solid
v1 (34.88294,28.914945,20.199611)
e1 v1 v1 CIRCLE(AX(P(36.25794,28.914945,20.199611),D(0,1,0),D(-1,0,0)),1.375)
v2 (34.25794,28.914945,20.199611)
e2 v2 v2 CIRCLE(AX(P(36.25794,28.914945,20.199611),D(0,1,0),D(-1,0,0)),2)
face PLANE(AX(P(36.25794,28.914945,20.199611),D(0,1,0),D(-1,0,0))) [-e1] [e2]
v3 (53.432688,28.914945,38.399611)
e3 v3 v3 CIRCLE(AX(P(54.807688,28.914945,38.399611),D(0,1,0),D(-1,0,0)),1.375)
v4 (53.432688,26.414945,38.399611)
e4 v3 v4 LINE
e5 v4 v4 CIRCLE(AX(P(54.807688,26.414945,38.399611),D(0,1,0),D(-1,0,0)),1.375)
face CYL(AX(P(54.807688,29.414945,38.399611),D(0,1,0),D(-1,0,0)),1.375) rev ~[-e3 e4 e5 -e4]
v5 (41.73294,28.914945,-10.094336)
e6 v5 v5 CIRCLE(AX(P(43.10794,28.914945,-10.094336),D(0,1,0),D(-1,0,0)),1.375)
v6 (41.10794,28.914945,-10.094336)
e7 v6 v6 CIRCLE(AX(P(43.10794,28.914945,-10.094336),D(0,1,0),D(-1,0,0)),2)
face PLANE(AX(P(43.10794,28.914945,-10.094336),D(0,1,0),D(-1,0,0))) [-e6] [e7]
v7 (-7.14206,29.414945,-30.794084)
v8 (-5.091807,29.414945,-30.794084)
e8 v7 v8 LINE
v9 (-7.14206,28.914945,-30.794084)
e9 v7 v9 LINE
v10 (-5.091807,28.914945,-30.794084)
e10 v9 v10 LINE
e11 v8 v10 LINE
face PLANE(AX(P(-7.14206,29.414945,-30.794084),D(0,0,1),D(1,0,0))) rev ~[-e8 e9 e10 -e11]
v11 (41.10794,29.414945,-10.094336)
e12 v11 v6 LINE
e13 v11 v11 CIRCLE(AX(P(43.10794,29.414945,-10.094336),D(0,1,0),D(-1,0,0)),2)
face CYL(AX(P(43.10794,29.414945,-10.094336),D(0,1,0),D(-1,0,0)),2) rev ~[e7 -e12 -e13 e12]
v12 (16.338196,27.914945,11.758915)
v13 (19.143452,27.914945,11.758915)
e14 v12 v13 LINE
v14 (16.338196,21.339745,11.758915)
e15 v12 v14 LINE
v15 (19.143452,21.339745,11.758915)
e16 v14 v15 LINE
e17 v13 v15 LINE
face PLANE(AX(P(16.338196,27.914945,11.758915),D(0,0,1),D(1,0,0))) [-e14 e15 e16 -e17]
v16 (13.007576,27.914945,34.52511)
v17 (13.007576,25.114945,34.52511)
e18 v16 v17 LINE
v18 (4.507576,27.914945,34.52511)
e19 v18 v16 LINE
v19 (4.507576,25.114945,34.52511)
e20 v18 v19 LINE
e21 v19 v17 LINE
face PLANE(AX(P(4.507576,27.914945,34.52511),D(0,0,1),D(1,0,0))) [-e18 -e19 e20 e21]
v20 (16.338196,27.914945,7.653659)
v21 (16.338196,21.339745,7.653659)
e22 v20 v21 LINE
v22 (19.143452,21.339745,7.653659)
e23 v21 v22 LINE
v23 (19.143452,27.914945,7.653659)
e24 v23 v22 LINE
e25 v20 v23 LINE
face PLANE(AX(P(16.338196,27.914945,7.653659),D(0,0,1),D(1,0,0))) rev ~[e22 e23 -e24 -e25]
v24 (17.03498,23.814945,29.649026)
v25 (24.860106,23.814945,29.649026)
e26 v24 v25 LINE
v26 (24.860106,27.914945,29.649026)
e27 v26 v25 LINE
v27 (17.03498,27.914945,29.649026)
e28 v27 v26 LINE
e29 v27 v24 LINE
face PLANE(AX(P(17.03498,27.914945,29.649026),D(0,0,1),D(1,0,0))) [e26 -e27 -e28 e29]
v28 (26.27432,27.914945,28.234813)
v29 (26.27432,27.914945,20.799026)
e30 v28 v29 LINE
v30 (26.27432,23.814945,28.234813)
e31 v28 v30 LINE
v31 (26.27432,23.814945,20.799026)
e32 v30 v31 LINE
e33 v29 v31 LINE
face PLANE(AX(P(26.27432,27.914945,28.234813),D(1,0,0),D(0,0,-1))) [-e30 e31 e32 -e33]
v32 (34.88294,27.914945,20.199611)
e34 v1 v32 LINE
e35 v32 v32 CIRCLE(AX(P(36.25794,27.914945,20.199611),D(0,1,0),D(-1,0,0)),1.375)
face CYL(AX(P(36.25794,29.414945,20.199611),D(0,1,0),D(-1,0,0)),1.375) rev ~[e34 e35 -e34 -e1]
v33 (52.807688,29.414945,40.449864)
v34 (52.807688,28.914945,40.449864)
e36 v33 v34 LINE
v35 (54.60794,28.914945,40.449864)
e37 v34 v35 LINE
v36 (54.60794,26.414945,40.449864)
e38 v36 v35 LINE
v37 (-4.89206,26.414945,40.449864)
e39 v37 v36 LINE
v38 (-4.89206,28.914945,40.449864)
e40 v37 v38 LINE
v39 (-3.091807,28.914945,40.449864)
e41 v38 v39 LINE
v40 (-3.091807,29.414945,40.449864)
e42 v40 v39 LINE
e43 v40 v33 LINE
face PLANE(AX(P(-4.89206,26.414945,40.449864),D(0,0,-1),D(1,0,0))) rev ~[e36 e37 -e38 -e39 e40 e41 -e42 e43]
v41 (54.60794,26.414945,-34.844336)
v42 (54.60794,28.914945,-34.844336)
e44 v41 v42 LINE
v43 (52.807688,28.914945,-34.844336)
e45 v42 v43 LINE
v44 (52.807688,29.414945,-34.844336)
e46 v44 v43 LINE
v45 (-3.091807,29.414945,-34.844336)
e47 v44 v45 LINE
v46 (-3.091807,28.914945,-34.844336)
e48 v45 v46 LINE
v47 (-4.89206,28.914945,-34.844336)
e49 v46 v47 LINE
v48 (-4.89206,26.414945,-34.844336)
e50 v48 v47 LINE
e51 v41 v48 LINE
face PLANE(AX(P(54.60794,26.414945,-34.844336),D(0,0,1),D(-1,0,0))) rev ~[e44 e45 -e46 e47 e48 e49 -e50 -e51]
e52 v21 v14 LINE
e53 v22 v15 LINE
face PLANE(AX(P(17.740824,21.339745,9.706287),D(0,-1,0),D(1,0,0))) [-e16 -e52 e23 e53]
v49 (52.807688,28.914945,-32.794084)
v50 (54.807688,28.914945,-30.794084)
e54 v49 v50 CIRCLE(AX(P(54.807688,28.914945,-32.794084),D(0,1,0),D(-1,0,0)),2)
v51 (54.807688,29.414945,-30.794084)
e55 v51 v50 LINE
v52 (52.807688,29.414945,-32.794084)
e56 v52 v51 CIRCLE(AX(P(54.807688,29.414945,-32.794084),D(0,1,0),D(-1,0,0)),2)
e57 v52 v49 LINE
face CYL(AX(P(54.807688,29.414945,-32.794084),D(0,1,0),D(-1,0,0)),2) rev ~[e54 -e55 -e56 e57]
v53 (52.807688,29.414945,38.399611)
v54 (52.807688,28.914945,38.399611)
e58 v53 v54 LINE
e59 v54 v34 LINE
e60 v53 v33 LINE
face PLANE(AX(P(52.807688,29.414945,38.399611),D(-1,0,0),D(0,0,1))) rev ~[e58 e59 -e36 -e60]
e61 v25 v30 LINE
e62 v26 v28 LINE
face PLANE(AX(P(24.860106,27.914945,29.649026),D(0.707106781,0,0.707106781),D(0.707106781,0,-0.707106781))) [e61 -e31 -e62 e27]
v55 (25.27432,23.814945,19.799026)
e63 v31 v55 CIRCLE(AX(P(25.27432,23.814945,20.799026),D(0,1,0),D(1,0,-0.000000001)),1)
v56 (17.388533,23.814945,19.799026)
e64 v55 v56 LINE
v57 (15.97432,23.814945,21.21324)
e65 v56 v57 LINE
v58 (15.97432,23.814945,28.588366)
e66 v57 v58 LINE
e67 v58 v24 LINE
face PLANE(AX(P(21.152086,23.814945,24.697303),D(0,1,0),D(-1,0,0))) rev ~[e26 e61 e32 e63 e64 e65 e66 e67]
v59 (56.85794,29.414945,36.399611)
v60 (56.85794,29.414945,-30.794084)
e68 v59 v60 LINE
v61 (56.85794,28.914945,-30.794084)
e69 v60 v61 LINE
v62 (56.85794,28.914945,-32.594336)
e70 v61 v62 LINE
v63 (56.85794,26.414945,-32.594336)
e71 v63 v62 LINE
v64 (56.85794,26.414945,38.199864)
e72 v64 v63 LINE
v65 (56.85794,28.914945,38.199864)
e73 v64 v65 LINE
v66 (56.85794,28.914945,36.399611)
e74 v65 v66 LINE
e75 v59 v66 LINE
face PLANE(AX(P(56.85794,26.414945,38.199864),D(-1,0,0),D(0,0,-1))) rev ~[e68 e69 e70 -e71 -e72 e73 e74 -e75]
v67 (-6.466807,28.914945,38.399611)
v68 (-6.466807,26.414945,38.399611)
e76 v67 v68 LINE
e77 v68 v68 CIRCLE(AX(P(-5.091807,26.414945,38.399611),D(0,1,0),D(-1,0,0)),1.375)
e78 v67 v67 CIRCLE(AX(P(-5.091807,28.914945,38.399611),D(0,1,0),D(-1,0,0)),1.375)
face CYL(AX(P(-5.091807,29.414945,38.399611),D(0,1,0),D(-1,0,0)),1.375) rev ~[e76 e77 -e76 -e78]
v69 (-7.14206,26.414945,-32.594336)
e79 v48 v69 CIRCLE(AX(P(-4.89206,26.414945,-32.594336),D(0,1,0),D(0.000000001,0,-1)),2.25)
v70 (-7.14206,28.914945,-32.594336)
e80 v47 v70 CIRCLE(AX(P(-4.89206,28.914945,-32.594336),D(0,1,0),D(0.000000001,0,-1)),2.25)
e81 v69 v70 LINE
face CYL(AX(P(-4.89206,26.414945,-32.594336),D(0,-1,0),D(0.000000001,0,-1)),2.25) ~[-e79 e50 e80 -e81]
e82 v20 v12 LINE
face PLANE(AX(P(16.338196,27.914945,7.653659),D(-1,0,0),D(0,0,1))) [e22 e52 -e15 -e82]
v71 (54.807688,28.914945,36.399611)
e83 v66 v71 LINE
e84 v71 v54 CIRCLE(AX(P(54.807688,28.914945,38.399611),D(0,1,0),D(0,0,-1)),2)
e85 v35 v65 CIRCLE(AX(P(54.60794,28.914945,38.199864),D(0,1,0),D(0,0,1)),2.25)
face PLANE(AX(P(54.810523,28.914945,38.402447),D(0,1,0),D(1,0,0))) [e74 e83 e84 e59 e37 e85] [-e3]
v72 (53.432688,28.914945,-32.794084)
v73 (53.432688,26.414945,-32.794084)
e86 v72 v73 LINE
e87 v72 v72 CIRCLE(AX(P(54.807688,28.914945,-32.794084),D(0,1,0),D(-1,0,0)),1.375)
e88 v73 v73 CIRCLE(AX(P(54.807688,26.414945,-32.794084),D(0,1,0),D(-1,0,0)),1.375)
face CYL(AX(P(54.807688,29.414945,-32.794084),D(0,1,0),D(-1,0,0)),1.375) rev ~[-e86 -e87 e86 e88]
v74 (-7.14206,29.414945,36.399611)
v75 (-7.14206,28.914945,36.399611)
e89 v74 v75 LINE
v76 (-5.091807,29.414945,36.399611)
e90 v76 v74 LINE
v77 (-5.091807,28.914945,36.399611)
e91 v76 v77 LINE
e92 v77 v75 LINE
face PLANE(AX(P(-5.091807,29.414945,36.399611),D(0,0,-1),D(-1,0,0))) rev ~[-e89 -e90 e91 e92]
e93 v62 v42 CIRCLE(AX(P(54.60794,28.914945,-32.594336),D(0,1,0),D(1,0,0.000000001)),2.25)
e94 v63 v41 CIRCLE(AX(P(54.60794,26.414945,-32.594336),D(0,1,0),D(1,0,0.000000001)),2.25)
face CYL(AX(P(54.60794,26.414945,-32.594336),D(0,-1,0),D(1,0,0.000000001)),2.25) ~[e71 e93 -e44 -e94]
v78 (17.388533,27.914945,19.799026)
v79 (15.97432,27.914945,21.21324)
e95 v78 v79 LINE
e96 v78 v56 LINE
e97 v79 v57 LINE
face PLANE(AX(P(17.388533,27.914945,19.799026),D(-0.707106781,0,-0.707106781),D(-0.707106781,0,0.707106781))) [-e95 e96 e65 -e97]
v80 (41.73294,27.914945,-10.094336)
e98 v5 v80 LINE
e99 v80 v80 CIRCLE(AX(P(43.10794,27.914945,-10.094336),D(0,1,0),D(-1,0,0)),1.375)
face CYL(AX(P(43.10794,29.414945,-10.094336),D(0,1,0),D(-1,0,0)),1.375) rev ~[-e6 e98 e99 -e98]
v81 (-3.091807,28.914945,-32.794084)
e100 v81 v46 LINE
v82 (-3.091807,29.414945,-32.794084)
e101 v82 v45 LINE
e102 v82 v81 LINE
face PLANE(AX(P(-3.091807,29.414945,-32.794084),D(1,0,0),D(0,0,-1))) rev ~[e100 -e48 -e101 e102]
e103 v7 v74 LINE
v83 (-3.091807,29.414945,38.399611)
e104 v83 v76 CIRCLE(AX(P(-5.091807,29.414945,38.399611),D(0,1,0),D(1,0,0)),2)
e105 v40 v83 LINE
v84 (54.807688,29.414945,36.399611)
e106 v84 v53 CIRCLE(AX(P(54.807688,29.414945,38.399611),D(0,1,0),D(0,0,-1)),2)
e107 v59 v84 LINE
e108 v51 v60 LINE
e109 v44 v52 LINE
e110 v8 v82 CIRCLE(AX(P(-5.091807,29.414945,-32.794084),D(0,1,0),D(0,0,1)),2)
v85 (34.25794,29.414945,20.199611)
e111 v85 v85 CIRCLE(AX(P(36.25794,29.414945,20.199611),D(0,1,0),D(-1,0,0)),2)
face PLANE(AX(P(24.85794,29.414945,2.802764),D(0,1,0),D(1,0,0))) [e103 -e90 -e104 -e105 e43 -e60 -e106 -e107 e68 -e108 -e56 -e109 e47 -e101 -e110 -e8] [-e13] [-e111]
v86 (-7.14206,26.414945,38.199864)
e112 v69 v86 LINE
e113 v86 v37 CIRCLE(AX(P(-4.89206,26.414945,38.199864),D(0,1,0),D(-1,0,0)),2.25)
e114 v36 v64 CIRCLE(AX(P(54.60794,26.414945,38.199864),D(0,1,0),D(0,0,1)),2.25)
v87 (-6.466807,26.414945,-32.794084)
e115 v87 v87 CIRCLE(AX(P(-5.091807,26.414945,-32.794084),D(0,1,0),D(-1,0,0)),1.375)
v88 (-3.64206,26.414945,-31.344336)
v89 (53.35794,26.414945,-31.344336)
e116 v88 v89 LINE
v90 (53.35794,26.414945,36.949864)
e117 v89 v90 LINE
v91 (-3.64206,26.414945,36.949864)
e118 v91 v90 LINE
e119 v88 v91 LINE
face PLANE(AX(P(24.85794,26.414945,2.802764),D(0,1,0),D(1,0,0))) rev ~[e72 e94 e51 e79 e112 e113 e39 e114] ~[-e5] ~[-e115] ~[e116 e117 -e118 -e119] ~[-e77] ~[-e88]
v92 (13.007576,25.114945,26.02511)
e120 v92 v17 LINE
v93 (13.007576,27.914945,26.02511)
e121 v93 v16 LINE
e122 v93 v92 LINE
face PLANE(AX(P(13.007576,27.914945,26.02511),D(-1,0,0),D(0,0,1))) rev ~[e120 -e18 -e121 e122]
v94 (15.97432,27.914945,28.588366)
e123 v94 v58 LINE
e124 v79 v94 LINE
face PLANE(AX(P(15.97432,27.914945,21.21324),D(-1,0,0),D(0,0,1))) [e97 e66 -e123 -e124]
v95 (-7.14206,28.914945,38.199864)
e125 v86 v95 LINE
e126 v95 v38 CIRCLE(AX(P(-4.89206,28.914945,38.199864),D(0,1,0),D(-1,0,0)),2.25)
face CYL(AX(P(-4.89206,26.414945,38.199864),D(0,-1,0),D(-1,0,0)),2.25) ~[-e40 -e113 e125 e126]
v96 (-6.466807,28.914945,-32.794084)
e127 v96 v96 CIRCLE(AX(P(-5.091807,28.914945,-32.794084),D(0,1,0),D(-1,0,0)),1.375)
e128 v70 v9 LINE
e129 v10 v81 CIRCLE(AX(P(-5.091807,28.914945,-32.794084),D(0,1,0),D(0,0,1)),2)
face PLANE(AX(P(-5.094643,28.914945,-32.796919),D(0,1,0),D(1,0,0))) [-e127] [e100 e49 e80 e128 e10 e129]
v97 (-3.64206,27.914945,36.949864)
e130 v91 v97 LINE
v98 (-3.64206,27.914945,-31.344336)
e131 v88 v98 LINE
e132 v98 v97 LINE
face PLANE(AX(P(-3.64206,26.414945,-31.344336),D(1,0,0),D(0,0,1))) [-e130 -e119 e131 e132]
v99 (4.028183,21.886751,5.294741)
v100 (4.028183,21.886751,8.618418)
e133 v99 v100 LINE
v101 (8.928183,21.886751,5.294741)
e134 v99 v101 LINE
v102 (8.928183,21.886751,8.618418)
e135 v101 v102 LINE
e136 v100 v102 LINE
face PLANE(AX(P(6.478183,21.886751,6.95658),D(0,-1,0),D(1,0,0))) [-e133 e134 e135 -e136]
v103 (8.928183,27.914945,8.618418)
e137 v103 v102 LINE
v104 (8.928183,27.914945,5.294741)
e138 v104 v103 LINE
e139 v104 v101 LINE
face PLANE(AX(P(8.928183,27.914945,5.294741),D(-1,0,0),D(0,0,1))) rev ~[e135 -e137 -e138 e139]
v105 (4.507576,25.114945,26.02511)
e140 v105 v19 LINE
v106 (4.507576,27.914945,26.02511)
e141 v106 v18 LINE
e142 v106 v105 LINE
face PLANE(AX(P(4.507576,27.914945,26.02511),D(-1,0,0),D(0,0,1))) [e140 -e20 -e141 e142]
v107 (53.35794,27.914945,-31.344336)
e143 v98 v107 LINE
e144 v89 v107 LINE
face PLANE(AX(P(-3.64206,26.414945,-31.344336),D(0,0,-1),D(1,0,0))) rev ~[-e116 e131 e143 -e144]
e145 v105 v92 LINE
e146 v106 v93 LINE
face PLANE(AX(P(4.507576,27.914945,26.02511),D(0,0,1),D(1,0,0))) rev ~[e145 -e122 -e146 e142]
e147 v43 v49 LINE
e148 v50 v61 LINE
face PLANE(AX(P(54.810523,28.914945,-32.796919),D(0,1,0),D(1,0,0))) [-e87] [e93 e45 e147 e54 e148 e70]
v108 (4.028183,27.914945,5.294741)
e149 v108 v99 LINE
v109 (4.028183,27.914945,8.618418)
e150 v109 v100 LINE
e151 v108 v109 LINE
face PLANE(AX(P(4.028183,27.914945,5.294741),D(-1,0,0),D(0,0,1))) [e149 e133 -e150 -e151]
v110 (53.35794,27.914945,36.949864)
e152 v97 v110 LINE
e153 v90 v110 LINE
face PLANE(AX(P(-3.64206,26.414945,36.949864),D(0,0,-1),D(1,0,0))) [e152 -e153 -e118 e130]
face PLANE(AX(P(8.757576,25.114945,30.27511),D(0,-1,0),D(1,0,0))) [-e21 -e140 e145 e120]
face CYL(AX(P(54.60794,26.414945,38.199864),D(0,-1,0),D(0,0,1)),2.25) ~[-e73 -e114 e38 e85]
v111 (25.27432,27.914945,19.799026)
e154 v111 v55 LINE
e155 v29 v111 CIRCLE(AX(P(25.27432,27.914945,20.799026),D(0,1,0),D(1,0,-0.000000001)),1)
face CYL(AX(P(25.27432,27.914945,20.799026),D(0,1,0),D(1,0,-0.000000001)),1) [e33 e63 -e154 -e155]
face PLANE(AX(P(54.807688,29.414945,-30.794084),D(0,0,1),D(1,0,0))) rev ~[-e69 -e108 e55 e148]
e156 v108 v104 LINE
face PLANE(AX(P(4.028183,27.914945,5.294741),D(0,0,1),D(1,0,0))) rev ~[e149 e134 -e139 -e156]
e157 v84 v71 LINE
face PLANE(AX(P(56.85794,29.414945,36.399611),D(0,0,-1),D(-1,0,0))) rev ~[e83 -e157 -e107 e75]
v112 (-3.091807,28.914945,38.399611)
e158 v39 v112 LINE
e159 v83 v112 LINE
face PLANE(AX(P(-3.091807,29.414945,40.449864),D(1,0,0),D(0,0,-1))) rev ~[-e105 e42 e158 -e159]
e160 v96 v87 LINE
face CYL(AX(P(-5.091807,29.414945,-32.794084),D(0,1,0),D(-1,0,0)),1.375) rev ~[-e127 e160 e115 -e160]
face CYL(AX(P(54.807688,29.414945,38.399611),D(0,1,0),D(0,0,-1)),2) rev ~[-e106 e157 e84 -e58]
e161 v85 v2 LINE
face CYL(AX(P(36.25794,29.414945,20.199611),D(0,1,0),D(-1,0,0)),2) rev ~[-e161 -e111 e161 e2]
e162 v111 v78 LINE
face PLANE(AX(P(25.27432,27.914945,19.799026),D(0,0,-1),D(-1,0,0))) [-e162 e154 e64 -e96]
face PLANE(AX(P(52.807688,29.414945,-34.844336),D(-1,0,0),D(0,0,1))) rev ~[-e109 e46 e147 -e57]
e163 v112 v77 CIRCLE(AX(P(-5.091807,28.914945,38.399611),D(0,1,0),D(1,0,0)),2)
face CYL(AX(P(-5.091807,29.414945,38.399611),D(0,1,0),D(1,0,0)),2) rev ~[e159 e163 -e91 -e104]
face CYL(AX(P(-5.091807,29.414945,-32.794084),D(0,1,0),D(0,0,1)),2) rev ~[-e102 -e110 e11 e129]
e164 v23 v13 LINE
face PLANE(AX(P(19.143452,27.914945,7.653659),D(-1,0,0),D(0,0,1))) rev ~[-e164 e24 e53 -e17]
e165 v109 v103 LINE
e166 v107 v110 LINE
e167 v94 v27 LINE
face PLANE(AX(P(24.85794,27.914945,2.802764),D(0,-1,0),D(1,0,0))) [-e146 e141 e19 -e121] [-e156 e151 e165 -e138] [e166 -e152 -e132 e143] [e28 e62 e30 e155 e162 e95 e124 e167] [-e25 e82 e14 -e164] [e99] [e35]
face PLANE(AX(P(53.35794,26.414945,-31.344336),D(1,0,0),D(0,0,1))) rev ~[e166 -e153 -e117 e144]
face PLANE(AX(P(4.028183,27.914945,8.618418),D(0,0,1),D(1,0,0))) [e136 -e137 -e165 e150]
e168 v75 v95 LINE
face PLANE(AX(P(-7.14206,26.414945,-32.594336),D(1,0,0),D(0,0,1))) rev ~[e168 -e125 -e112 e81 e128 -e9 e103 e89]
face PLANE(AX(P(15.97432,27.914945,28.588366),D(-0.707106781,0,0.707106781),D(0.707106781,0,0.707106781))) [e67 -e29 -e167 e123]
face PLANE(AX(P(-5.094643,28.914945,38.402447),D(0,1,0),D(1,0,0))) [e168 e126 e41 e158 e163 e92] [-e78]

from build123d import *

# Parameters (mm, degrees)
BASE_DEPTH          = 3
SKETCH2_W           = 57
SKETCH2_H           = 68.2942
SHELL_DEPTH         = 1.5
SKETCH3_R           = 1.375
THROUGH_HOLES_DEPTH = 70.842801106
SKETCH6_R           = 1.375
SKETCH6_R_2         = 2
SOCKET_HOLES_DEPTH  = 0.5
SKETCH7_W           = 8.5
SKETCH7_H           = 8.5
BOSS_EXTRUDE2_DEPTH = 2.8
BOSS_EXTRUDE3_DEPTH = 4.1
SKETCH9_W           = 4.9
SKETCH9_H           = 3.32367647
BOSS_EXTRUDE4_DEPTH = 6.028194003
SKETCH10_W          = 2.805255888
SKETCH10_H          = 4.105255888
BOSS_EXTRUDE5_DEPTH = 6.5752


with BuildPart() as part:
    # Sketch1 → Base (new body)
    with BuildSketch(Plane(origin=(0, 26.414945084, 0), x_dir=(1, 0, 0), z_dir=(0, 1, 0))):
        with BuildLine():
            Line((-4.892059596, -40.449863775), (54.607940404, -40.449863775))
            ThreePointArc((54.607940404, -40.449863775), (56.198930662, -39.790854032), (56.857940404, -38.199863775))
            Line((56.857940404, -38.199863775), (56.857940404, 32.594336225))
            ThreePointArc((56.857940404, 32.594336225), (56.198930662, 34.185326483), (54.607940404, 34.844336225))
            Line((54.607940404, 34.844336225), (-4.892059596, 34.844336225))
            ThreePointArc((-4.892059596, 34.844336225), (-6.483049854, 34.185326483), (-7.142059596, 32.594336225))
            Line((-7.142059596, 32.594336225), (-7.142059596, -38.199863775))
            ThreePointArc((-7.142059596, -38.199863775), (-6.483049854, -39.790854032), (-4.892059596, -40.449863775))
        make_face()
    extrude(amount=BASE_DEPTH)

    # Sketch2 → Shell (cut)
    with BuildSketch(Plane.XZ.offset(-26.414945084)):
        with Locations((24.857940404, 2.802763775)):
            Rectangle(SKETCH2_W, SKETCH2_H)
    extrude(amount=-SHELL_DEPTH, mode=Mode.SUBTRACT)

    # Sketch3 → Through Holes (cut, through all)
    with BuildSketch(Plane(origin=(0, 29.414945084, 0), x_dir=(1, 0, 0), z_dir=(0, 1, 0))):
        with Locations(Location((-5.091807064, 32.794083694, 0), (0, 0, 180))):
            Circle(SKETCH3_R)
        with Locations(Location((54.807687872, 32.794083694, 0), (0, 0, 180))):
            Circle(SKETCH3_R)
        with Locations(Location((43.107940404, 10.094336225, 0), (0, 0, 180))):
            Circle(SKETCH3_R)
        with Locations(Location((36.257940404, -20.199611243, 0), (0, 0, 180))):
            Circle(SKETCH3_R)
        with Locations(Location((54.807687872, -38.399611243, 0), (0, 0, 180))):
            Circle(SKETCH3_R)
        with Locations(Location((-5.091807064, -38.399611243, 0), (0, 0, 180))):
            Circle(SKETCH3_R)
    extrude(amount=-THROUGH_HOLES_DEPTH, mode=Mode.SUBTRACT)

    # Sketch6 → Socket Holes (cut)
    # profile 1 of 6: a face of its own
    with BuildSketch(Plane(origin=(0, 29.414945084, 0), x_dir=(1, 0, 0), z_dir=(0, 1, 0))):
        with BuildLine():
            ThreePointArc((-7.142059596, -38.199863775), (-6.483049854, -39.790854032), (-4.892059596, -40.449863775))
            Line((-4.892059596, -40.449863775), (-3.091807064, -40.449863775))
            Line((-3.091807064, -40.449863775), (-3.091807064, -38.399611243))
            ThreePointArc((-3.091807064, -38.399611243), (-3.677593502, -36.98539768), (-5.091807064, -36.399611243))
            Line((-5.091807064, -36.399611243), (-7.142059596, -36.399611243))
            Line((-7.142059596, -36.399611243), (-7.142059596, -38.199863775))
        make_face()
        with Locations(Location((-5.091807064, -38.399611243, 0), (0, 0, 180))):
            Circle(SKETCH6_R, mode=Mode.SUBTRACT)
    # profile 2 of 6: a face of its own
    with BuildSketch(Plane(origin=(0, 29.414945084, 0), x_dir=(1, 0, 0), z_dir=(0, 1, 0))):
        with Locations(Location((36.257940404, -20.199611243, 0), (0, 0, 180))):
            Circle(SKETCH6_R_2)
        with Locations(Location((36.257940404, -20.199611243, 0), (0, 0, 180))):
            Circle(SKETCH6_R, mode=Mode.SUBTRACT)
    # profile 3 of 6: a face of its own
    with BuildSketch(Plane(origin=(0, 29.414945084, 0), x_dir=(1, 0, 0), z_dir=(0, 1, 0))):
        with BuildLine():
            Line((52.807687872, -38.399611243), (52.807687872, -40.449863775))
            Line((52.807687872, -40.449863775), (54.607940404, -40.449863775))
            ThreePointArc((54.607940404, -40.449863775), (56.198930662, -39.790854032), (56.857940404, -38.199863775))
            Line((56.857940404, -38.199863775), (56.857940404, -36.399611243))
            Line((56.857940404, -36.399611243), (54.807687872, -36.399611243))
            ThreePointArc((54.807687872, -36.399611243), (53.39347431, -36.98539768), (52.807687872, -38.399611243))
        make_face()
        with Locations(Location((54.807687872, -38.399611243, 0), (0, 0, 180))):
            Circle(SKETCH6_R, mode=Mode.SUBTRACT)
    # profile 4 of 6: a face of its own
    with BuildSketch(Plane(origin=(0, 29.414945084, 0), x_dir=(1, 0, 0), z_dir=(0, 1, 0))):
        with Locations(Location((43.107940404, 10.094336225, 0), (0, 0, 180))):
            Circle(SKETCH6_R_2)
        with Locations(Location((43.107940404, 10.094336225, 0), (0, 0, 180))):
            Circle(SKETCH6_R, mode=Mode.SUBTRACT)
    # profile 5 of 6: a face of its own
    with BuildSketch(Plane(origin=(0, 29.414945084, 0), x_dir=(1, 0, 0), z_dir=(0, 1, 0))):
        with BuildLine():
            Line((54.807687872, 30.794083694), (56.857940404, 30.794083694))
            Line((56.857940404, 30.794083694), (56.857940404, 32.594336225))
            ThreePointArc((56.857940404, 32.594336225), (56.198930662, 34.185326483), (54.607940404, 34.844336225))
            Line((54.607940404, 34.844336225), (52.807687872, 34.844336225))
            Line((52.807687872, 34.844336225), (52.807687872, 32.794083694))
            ThreePointArc((52.807687872, 32.794083694), (53.39347431, 31.379870131), (54.807687872, 30.794083694))
        make_face()
        with Locations(Location((54.807687872, 32.794083694, 0), (0, 0, 180))):
            Circle(SKETCH6_R, mode=Mode.SUBTRACT)
    # profile 6 of 6: a face of its own
    with BuildSketch(Plane(origin=(0, 29.414945084, 0), x_dir=(1, 0, 0), z_dir=(0, 1, 0))):
        with BuildLine():
            Line((-7.142059596, 32.594336225), (-7.142059596, 30.794083694))
            Line((-7.142059596, 30.794083694), (-5.091807064, 30.794083694))
            ThreePointArc((-5.091807064, 30.794083694), (-3.677593502, 31.379870131), (-3.091807064, 32.794083694))
            Line((-3.091807064, 32.794083694), (-3.091807064, 34.844336225))
            Line((-3.091807064, 34.844336225), (-4.892059596, 34.844336225))
            ThreePointArc((-4.892059596, 34.844336225), (-6.483049854, 34.185326483), (-7.142059596, 32.594336225))
        make_face()
        with Locations(Location((-5.091807064, 32.794083694, 0), (0, 0, 180))):
            Circle(SKETCH6_R, mode=Mode.SUBTRACT)
    extrude(amount=-SOCKET_HOLES_DEPTH, mode=Mode.SUBTRACT)

    # Sketch7 → Boss-Extrude2 (add)
    with BuildSketch(Plane.XZ.offset(-27.914945084)):
        with Locations((8.757575778, 30.275109563)):
            Rectangle(SKETCH7_W, SKETCH7_H)
    extrude(amount=BOSS_EXTRUDE2_DEPTH)

    # Sketch8 → Boss-Extrude3 (add)
    with BuildSketch(Plane.XZ.offset(-27.914945084)):
        with BuildLine():
            Line((26.274319641, 23.450802906), (26.274319641, 20.79902621))
            ThreePointArc((26.274319641, 20.79902621), (25.981426422, 20.091919429), (25.274319641, 19.79902621))
            Line((25.274319641, 19.79902621), (17.388533203, 19.79902621))
            Line((17.388533203, 19.79902621), (15.974319641, 21.213239773))
            Line((15.974319641, 21.213239773), (15.974319641, 23.450802906))
            Line((15.974319641, 23.450802906), (15.974319641, 26.350802906))
            Line((15.974319641, 26.350802906), (15.974319641, 28.588366038))
            Line((15.974319641, 28.588366038), (17.034979813, 29.64902621))
            Line((17.034979813, 29.64902621), (24.860106079, 29.64902621))
            Line((24.860106079, 29.64902621), (26.274319641, 28.234812648))
            Line((26.274319641, 28.234812648), (26.274319641, 26.350802906))
            Line((26.274319641, 26.350802906), (26.274319641, 23.450802906))
        make_face()
    extrude(amount=BOSS_EXTRUDE3_DEPTH)

    # Sketch9 → Boss-Extrude4 (add)
    with BuildSketch(Plane.XZ.offset(-27.914945084)):
        with Locations((6.478182604, 6.956579663)):
            Rectangle(SKETCH9_W, SKETCH9_H)
    extrude(amount=BOSS_EXTRUDE4_DEPTH)

    # Sketch10 → Boss-Extrude5 (add)
    with BuildSketch(Plane.XZ.offset(-27.914945084)):
        with Locations((17.740823979, 9.706286862)):
            Rectangle(SKETCH10_W, SKETCH10_H)
    extrude(amount=BOSS_EXTRUDE5_DEPTH)


solid = part.part
